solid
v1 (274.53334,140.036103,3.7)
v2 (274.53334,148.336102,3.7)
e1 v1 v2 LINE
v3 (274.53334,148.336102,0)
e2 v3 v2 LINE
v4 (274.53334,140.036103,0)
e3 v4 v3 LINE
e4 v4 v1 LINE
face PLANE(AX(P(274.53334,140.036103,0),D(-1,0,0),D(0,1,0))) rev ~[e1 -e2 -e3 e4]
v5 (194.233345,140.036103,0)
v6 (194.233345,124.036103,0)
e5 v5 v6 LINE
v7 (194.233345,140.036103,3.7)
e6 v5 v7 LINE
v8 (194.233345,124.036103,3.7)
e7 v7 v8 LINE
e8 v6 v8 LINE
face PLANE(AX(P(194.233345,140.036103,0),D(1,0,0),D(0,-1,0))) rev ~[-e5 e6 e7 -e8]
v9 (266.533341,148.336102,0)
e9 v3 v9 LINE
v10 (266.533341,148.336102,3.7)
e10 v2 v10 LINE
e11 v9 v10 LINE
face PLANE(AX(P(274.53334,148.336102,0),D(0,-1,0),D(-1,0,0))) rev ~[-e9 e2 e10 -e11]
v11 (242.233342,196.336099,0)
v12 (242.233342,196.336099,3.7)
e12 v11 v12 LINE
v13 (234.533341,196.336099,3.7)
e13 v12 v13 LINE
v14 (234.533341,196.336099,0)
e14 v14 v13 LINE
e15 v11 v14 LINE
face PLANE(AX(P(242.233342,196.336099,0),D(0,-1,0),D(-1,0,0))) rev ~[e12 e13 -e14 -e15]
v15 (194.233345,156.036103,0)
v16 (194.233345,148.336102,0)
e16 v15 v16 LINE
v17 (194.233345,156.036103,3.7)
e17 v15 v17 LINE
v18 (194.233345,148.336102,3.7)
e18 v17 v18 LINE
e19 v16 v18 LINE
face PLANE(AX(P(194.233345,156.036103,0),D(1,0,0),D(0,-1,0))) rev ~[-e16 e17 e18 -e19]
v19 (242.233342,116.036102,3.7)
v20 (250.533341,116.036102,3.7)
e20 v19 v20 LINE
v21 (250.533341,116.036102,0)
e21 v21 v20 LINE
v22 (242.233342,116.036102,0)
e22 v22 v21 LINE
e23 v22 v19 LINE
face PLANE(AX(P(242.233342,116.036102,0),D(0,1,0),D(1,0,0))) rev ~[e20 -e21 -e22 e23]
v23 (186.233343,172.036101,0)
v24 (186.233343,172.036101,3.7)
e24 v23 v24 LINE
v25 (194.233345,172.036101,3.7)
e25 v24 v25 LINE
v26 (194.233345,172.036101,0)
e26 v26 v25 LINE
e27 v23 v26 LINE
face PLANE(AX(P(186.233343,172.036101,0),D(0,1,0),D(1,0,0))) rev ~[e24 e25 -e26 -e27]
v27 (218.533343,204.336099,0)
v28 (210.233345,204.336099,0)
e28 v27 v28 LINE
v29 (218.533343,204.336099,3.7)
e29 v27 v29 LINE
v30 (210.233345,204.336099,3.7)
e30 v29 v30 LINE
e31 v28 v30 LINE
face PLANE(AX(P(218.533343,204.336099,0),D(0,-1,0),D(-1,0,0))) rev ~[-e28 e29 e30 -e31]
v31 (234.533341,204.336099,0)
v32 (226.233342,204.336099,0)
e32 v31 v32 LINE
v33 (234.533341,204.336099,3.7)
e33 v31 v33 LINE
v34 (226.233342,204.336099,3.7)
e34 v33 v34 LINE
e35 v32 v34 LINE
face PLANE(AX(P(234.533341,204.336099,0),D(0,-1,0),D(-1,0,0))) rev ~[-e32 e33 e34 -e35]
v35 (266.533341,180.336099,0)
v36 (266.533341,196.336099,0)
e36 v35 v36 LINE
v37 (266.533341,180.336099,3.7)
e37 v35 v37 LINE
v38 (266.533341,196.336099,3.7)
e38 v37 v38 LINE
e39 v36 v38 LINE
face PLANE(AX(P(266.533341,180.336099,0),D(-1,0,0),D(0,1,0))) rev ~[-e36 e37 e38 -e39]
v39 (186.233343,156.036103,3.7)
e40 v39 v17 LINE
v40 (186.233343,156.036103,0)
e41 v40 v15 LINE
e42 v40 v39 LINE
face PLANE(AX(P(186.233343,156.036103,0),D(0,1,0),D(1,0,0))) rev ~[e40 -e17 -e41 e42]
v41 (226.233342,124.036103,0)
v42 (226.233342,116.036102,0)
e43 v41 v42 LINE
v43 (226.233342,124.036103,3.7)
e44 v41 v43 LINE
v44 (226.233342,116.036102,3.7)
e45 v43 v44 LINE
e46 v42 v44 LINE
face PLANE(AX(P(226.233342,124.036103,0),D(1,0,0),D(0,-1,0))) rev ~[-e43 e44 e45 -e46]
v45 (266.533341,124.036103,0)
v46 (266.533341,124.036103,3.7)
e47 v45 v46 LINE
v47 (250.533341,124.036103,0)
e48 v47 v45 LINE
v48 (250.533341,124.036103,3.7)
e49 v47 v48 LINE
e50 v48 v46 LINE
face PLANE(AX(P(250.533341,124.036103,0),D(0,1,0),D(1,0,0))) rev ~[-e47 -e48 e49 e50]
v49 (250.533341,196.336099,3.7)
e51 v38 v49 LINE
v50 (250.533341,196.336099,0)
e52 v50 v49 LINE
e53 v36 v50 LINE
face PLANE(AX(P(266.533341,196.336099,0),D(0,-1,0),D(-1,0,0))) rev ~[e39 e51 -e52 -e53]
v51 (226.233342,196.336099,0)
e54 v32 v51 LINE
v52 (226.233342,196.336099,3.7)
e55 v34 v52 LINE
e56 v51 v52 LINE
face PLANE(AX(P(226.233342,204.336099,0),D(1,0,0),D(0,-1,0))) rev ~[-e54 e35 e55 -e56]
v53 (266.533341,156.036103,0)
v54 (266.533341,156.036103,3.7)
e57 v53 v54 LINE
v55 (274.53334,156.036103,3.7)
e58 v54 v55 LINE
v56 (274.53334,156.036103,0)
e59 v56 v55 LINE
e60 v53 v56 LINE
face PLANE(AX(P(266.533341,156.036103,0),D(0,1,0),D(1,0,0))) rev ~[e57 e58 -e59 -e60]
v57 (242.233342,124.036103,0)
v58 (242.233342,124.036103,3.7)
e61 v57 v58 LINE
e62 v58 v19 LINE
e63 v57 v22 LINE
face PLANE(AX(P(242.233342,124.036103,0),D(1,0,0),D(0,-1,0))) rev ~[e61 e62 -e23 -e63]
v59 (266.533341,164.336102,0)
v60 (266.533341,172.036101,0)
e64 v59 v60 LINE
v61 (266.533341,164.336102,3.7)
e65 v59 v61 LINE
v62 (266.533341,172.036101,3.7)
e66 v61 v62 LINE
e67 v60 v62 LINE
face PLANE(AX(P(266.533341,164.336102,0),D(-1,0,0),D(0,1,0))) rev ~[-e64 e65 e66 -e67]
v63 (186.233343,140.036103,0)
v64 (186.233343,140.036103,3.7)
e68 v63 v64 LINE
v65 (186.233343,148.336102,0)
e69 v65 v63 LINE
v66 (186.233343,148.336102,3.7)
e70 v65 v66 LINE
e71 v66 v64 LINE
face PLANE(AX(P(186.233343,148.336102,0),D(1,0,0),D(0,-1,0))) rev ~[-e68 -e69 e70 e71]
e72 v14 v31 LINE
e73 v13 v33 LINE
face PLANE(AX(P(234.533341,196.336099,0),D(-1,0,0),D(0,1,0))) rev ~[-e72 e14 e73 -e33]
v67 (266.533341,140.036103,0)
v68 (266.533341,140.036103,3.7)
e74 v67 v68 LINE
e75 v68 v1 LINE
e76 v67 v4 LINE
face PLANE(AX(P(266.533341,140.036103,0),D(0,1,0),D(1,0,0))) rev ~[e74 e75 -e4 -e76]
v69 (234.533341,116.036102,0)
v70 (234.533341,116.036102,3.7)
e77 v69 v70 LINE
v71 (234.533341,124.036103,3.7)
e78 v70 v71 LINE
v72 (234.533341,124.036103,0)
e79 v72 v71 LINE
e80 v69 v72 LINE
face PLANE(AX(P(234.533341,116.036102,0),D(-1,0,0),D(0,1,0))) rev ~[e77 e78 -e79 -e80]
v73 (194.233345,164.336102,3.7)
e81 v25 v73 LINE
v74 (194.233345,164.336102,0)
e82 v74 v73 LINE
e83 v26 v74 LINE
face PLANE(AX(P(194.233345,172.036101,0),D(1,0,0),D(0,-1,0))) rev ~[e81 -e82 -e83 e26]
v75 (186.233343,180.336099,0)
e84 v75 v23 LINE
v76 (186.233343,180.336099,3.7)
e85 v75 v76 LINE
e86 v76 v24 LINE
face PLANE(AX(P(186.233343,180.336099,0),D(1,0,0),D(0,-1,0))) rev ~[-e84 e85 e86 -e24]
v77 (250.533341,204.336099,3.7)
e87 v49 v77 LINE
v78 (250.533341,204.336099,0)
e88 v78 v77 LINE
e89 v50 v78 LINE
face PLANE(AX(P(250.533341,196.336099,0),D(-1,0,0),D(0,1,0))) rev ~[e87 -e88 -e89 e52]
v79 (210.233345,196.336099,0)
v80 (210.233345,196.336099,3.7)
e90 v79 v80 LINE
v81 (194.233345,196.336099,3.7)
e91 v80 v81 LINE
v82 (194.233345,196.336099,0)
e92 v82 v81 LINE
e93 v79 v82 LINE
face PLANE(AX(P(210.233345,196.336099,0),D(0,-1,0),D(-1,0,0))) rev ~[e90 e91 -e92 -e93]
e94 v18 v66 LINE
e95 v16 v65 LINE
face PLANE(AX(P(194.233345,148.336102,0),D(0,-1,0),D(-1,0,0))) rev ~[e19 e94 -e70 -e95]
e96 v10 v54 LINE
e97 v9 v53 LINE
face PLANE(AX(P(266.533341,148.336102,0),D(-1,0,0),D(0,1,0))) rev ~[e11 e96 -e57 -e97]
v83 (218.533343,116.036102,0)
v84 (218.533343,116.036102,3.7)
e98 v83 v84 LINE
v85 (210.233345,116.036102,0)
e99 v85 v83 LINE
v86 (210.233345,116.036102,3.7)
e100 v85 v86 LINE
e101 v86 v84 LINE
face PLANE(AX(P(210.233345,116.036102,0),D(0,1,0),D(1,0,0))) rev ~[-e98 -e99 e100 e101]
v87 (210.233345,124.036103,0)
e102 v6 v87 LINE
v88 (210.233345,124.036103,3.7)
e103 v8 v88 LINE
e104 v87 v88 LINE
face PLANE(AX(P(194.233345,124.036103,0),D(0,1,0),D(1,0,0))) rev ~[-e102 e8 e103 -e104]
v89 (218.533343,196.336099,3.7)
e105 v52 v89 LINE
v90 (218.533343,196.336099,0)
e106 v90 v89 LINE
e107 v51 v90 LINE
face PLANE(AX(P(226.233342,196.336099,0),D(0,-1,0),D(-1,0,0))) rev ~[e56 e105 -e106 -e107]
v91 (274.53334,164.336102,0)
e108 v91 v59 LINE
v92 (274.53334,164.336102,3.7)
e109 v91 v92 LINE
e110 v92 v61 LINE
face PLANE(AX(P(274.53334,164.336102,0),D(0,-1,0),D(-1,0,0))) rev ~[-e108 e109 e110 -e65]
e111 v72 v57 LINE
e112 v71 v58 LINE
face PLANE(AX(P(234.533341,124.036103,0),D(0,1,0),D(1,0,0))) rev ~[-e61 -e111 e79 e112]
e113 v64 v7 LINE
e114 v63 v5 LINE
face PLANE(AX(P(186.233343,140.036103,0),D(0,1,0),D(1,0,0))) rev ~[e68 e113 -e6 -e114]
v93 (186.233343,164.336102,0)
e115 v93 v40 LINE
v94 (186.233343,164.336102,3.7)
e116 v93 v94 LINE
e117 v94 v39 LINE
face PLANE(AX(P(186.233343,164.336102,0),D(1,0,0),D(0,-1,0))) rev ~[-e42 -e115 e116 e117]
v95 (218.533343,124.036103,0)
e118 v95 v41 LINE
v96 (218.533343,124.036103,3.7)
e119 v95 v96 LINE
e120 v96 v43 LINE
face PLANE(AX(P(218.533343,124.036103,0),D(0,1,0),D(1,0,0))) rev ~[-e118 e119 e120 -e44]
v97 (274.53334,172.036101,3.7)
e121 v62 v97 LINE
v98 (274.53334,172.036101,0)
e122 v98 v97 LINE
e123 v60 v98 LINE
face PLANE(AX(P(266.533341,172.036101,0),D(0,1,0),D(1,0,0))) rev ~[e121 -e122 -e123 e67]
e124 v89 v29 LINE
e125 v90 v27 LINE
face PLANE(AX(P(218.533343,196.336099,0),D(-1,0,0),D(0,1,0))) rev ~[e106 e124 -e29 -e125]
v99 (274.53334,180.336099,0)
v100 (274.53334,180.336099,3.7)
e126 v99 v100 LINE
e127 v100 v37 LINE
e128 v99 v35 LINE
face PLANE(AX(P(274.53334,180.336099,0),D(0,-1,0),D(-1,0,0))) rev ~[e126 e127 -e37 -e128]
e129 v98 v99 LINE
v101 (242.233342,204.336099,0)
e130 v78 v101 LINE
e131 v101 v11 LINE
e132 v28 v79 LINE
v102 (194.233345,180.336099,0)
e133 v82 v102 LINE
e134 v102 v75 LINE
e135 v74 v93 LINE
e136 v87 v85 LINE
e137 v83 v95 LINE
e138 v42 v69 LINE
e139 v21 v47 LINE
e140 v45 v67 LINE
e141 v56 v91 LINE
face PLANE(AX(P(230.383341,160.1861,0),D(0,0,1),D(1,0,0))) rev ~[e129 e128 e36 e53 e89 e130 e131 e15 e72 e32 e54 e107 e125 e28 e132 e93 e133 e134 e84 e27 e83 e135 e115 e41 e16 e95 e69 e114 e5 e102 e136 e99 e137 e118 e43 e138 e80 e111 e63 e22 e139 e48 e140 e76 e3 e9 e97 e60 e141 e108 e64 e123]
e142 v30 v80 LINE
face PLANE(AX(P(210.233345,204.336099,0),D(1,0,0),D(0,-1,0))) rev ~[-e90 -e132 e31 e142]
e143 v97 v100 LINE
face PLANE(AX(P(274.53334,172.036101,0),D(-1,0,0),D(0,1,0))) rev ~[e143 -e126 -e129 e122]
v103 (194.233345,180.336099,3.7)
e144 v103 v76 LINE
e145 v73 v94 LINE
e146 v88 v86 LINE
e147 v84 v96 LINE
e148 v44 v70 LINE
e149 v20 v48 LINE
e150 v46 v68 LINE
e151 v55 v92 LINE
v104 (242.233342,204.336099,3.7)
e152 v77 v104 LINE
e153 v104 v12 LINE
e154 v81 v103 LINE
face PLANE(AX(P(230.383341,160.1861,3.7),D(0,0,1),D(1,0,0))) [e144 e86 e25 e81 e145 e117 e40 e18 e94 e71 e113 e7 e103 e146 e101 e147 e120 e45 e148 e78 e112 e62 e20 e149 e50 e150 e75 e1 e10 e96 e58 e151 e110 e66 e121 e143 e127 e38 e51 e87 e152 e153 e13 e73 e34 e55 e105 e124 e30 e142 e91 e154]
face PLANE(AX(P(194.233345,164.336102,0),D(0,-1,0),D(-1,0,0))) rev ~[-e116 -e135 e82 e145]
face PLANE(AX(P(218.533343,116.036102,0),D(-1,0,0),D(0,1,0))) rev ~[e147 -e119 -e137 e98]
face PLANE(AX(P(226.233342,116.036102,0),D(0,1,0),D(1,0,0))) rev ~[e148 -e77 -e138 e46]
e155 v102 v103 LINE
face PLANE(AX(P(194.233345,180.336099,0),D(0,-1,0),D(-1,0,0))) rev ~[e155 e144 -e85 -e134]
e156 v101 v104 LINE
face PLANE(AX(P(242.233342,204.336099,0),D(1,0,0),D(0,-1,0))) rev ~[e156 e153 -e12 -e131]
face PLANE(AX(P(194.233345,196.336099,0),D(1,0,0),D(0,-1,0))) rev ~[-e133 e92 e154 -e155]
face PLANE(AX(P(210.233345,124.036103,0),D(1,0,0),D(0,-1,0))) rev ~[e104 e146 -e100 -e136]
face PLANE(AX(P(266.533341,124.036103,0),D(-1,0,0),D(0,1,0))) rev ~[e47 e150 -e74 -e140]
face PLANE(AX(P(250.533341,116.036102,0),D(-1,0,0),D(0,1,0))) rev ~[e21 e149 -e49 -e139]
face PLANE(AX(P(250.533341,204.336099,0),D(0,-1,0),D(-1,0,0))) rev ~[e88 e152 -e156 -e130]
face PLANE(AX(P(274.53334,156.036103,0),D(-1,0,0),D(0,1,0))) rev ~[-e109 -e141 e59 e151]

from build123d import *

# Parameters (mm, degrees)
BOSS_EXTRUDE1_DEPTH = 3.7


with BuildPart() as part:
    # Model → Boss-Extrude1 (new body)
    with BuildSketch(Plane.XY):
        Polygon((274.533340154, 180.336099211), (266.533340593, 180.336099211), (266.533340593, 196.336099312), (250.533340762, 196.336099312), (250.533340762, 204.336098873), (242.233342195, 204.336098873), (242.233342195, 196.336099312), (234.53334093, 196.336099312), (234.53334093, 204.336098873), (226.233342363, 204.336098873), (226.233342363, 196.336099312), (218.533343251, 196.336099312), (218.533343251, 204.336098873), (210.233344684, 204.336098873), (210.233344684, 196.336099312), (194.233344583, 196.336099312), (194.233344583, 180.336099211), (186.233342807, 180.336099211), (186.233342807, 172.036100644), (194.233344584, 172.036100644), (194.233344584, 164.336101533), (186.233342807, 164.336101533), (186.233342807, 156.036102966), (194.233344584, 156.036102966), (194.233344584, 148.336101701), (186.233342807, 148.336101701), (186.233342807, 140.036103134), (194.233344584, 140.036103134), (194.233344583, 124.036103302), (210.233344684, 124.036103302), (210.233344684, 116.036101526), (218.533343251, 116.036101526), (218.533343251, 124.036103302), (226.233342363, 124.036103302), (226.233342363, 116.036101526), (234.53334093, 116.036101526), (234.53334093, 124.036103302), (242.233342195, 124.036103302), (242.233342195, 116.036101526), (250.533340762, 116.036101526), (250.533340762, 124.036103302), (266.533340593, 124.036103302), (266.533340593, 140.036103134), (274.533340154, 140.036103134), (274.533340154, 148.336101701), (266.533340593, 148.336101701), (266.533340593, 156.036102966), (274.533340154, 156.036102966), (274.533340154, 164.336101533), (266.533340593, 164.336101533), (266.533340593, 172.036100644), (274.533340154, 172.036100644), align=None)
    extrude(amount=BOSS_EXTRUDE1_DEPTH)


solid = part.part
